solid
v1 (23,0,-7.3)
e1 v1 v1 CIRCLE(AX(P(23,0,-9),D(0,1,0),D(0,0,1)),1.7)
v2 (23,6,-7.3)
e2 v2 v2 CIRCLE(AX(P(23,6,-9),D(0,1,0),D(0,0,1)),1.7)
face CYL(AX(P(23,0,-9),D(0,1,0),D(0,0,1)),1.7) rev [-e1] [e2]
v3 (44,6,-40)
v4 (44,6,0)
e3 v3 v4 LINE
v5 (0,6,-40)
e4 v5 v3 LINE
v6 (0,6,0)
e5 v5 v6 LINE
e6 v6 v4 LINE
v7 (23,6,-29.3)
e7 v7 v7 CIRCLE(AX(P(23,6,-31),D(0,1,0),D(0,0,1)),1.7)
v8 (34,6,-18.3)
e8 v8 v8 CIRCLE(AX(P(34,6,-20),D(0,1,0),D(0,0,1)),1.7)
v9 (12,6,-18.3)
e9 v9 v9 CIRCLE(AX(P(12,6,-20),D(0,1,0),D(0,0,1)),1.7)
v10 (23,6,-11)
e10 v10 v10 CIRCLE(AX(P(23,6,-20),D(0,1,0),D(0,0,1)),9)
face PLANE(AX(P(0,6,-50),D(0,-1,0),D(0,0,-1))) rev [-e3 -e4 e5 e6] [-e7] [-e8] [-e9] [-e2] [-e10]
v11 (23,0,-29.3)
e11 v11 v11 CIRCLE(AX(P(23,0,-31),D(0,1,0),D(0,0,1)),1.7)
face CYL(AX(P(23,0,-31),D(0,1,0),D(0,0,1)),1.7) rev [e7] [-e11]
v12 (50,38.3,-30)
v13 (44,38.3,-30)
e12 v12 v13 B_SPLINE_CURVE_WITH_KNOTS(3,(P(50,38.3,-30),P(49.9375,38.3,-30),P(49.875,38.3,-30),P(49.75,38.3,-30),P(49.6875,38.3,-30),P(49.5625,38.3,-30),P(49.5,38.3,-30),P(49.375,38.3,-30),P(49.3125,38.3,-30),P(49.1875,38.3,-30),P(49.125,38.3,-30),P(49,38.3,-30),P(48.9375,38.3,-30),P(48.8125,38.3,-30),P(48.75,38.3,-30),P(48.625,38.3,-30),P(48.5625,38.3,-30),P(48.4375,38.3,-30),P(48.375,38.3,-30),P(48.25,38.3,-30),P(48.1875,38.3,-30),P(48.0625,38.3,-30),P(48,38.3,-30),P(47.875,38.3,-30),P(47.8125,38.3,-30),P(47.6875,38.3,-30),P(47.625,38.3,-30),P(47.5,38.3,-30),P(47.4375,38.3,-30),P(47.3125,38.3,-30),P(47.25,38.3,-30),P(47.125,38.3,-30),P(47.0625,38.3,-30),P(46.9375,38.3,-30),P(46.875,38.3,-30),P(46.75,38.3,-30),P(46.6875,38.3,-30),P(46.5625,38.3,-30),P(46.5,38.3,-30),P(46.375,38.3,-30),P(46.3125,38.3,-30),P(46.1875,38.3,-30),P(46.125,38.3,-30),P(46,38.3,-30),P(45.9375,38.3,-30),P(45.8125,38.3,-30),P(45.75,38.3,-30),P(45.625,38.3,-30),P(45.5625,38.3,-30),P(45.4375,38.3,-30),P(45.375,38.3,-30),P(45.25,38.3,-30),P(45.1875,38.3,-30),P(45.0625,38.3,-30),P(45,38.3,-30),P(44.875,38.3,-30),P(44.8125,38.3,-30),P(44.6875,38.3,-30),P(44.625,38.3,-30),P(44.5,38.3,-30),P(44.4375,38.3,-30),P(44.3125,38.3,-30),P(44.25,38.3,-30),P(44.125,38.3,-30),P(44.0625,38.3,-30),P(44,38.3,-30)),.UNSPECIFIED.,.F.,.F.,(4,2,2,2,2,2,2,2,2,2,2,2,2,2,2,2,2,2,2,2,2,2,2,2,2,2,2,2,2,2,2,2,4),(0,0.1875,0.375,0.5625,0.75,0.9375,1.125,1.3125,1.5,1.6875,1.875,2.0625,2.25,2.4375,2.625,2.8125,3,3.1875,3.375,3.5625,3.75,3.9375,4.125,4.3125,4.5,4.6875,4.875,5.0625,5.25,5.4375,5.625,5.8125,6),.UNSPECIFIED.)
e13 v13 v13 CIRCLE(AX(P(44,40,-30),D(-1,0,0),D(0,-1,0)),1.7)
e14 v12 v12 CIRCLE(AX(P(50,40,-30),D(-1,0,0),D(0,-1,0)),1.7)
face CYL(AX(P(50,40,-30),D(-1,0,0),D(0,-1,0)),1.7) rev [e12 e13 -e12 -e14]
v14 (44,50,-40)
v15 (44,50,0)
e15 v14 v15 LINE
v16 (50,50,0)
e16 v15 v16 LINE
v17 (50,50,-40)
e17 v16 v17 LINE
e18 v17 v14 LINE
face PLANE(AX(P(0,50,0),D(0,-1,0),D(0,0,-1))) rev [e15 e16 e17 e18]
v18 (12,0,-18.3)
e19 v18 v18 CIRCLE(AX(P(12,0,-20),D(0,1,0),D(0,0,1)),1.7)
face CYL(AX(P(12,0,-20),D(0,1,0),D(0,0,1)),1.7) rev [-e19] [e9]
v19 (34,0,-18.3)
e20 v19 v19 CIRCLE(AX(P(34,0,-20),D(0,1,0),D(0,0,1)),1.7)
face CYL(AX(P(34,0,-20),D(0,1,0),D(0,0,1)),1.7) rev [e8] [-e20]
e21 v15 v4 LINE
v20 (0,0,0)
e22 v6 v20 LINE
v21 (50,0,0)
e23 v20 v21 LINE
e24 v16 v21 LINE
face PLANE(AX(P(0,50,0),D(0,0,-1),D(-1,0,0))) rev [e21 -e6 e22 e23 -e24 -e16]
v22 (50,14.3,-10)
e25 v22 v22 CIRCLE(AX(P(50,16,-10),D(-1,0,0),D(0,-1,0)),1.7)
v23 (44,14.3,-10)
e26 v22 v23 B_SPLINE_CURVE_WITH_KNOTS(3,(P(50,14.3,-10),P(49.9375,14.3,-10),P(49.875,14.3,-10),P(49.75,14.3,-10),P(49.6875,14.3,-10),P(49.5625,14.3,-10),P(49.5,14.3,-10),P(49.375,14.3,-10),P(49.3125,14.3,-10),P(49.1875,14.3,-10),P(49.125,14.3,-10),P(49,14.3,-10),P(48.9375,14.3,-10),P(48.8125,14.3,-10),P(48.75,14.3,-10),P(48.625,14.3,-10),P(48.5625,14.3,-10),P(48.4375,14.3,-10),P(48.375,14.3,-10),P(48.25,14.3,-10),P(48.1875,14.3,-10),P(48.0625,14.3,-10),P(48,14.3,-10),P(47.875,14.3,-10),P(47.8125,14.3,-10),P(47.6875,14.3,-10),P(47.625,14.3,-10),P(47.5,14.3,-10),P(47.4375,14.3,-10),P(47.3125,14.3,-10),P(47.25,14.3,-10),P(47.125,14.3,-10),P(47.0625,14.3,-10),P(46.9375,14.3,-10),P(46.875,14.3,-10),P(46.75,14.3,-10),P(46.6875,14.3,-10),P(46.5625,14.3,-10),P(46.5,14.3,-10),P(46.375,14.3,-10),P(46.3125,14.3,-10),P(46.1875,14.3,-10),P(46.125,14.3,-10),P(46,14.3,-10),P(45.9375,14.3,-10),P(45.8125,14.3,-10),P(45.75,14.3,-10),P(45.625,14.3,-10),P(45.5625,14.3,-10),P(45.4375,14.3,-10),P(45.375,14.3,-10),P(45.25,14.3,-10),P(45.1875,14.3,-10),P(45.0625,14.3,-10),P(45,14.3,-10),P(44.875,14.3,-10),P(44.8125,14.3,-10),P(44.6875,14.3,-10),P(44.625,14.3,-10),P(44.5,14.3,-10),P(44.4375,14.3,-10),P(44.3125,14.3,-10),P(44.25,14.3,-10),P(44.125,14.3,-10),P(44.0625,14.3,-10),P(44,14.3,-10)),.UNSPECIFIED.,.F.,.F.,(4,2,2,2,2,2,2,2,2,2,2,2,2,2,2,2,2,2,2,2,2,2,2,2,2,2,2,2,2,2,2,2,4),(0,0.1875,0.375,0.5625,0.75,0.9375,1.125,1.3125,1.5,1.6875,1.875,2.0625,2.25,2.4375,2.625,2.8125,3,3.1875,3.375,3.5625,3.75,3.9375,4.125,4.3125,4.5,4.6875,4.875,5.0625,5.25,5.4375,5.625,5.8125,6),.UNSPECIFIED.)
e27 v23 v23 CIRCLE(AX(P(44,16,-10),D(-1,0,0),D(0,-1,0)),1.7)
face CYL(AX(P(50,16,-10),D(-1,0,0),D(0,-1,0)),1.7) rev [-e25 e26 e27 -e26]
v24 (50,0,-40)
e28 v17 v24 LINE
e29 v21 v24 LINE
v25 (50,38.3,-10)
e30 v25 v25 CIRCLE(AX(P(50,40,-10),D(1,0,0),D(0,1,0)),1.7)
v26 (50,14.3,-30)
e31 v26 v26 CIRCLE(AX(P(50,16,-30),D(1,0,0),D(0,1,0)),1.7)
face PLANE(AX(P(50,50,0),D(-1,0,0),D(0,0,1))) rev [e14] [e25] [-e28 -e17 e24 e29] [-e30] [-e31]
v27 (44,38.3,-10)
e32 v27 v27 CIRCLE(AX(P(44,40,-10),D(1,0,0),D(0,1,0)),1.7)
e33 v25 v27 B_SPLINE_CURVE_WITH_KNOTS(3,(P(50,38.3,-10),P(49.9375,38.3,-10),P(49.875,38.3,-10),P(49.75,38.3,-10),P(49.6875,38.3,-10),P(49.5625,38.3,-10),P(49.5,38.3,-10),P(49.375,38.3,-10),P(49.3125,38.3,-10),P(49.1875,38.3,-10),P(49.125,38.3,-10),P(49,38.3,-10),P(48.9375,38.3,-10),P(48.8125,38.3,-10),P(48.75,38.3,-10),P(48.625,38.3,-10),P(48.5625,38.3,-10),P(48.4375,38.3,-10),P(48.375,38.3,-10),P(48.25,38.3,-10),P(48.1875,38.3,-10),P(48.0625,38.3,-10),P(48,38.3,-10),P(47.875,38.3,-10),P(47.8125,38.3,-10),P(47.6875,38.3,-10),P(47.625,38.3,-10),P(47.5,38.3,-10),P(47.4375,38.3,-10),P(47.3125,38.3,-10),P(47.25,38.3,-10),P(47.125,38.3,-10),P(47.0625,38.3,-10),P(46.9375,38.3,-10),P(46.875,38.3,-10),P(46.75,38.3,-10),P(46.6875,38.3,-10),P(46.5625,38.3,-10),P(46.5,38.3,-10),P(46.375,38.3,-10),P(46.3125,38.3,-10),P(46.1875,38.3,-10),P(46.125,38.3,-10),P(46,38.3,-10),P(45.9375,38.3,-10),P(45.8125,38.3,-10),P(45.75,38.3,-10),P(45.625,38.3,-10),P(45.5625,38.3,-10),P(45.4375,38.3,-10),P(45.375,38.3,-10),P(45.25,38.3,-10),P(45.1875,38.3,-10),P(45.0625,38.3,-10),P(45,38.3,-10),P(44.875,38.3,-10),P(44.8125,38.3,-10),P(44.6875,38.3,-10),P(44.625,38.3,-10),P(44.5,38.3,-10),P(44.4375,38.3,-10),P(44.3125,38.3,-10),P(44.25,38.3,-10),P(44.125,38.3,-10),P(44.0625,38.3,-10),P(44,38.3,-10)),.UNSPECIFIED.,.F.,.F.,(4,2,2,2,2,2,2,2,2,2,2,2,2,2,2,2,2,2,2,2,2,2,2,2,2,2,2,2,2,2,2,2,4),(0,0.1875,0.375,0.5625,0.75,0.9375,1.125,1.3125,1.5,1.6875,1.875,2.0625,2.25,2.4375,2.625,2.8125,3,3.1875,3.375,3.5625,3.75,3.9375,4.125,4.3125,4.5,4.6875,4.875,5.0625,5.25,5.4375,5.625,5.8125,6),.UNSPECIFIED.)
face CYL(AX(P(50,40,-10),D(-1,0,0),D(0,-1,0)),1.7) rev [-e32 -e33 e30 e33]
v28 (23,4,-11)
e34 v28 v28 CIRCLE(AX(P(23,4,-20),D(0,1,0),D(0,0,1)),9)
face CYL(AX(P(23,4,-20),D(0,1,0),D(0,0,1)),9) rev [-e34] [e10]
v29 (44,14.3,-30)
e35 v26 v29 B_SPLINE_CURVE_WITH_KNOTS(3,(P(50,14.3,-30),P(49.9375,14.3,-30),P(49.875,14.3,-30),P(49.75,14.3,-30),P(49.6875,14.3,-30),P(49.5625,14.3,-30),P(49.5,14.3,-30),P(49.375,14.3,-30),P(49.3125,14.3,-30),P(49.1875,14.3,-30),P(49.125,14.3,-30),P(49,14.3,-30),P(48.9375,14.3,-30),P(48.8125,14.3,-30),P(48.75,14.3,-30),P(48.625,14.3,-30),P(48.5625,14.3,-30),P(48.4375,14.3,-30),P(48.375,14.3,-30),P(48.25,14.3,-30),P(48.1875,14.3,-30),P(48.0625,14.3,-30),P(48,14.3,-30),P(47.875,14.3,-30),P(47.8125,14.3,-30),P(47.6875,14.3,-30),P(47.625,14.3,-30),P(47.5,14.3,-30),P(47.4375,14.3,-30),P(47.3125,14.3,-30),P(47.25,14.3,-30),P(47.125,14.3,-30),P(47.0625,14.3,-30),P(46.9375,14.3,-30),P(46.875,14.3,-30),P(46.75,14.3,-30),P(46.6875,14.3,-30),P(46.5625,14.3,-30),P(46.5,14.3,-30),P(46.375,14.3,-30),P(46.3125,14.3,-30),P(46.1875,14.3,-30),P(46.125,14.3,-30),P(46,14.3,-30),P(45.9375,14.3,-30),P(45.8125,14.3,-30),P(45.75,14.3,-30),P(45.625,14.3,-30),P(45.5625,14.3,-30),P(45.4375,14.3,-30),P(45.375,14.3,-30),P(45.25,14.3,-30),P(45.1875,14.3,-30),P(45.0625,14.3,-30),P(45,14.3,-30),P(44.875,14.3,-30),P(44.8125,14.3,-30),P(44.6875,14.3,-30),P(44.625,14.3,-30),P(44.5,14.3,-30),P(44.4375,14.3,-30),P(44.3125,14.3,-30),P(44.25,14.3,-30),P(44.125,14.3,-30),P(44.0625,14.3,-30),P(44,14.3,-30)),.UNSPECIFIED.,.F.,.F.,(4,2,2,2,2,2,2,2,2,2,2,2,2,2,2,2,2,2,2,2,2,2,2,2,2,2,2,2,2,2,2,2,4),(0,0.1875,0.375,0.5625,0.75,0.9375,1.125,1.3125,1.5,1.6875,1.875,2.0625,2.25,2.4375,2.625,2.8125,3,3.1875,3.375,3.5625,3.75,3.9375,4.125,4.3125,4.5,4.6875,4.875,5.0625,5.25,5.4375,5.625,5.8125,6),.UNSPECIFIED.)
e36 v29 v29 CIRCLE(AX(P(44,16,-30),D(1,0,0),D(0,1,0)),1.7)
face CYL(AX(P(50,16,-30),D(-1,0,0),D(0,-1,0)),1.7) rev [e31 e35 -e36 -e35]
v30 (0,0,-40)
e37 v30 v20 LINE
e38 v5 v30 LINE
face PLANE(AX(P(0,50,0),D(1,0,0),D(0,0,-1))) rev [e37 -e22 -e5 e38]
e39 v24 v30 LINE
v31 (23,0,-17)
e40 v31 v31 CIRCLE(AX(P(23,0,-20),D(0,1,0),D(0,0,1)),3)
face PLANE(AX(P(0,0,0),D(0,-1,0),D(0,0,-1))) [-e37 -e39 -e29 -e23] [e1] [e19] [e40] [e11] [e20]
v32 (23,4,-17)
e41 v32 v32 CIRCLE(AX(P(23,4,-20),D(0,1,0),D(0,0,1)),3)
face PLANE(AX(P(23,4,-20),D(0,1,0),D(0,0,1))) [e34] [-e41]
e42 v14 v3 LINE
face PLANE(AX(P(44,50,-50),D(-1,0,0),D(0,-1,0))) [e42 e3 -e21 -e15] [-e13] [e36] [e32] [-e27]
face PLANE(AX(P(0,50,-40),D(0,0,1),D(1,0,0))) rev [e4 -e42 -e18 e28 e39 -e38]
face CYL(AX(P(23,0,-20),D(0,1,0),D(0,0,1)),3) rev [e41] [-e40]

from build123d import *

# Parameters (mm, degrees)
SKETCH1_W           = 50
SKETCH1_H           = 40
BOSS_EXTRUDE1_DEPTH = 50
SKETCH2_W           = 44
SKETCH2_H           = 44
CUT_EXTRUDE1_DEPTH  = 50
SKETCH3_R           = 1.7
CUT_EXTRUDE3_DEPTH  = 78.691698398
SKETCH5_R           = 9
CUT_EXTRUDE4_DEPTH  = 2
SKETCH6_R           = 3
CUT_EXTRUDE5_DEPTH  = 79.841613378
SKETCH7_R           = 1.7
CUT_EXTRUDE6_DEPTH  = 78.691698398


with BuildPart() as part:
    # Sketch1 → Boss-Extrude1 (new body)
    with BuildSketch(Plane(origin=(0, 0, 0), x_dir=(1, 0, 0), z_dir=(0, 1, 0))):
        with Locations((25, 20)):
            Rectangle(SKETCH1_W, SKETCH1_H)
    extrude(amount=BOSS_EXTRUDE1_DEPTH)

    # Sketch2 → Cut-Extrude1 (cut)
    with BuildSketch(Plane.XY):
        with Locations((22, 28)):
            Rectangle(SKETCH2_W, SKETCH2_H)
    extrude(amount=-CUT_EXTRUDE1_DEPTH, mode=Mode.SUBTRACT)

    # Sketch3 → Cut-Extrude3 (cut, through all)
    with BuildSketch(Plane.ZY.offset(-44)):
        with Locations(Location((-30, 40, 0), (0, 0, 270))):
            Circle(SKETCH3_R)
        with Locations(Location((-10, 40, 0), (0, 0, 270))):
            Circle(SKETCH3_R)
        with Locations(Location((-10, 16, 0), (0, 0, 270))):
            Circle(SKETCH3_R)
        with Locations(Location((-30, 16, 0), (0, 0, 270))):
            Circle(SKETCH3_R)
    extrude(amount=-CUT_EXTRUDE3_DEPTH, mode=Mode.SUBTRACT)

    # Sketch5 → Cut-Extrude4 (cut)
    with BuildSketch(Plane(origin=(0, 6, 0), x_dir=(1, 0, 0), z_dir=(0, 1, 0))):
        with Locations(Location((23, 20, 0), (0, 0, 270))):
            Circle(SKETCH5_R)
    extrude(amount=-CUT_EXTRUDE4_DEPTH, mode=Mode.SUBTRACT)

    # Sketch6 → Cut-Extrude5 (cut, through all)
    with BuildSketch(Plane(origin=(0, 4, 0), x_dir=(1, 0, 0), z_dir=(0, 1, 0))):
        with Locations(Location((23, 20, 0), (0, 0, 270))):
            Circle(SKETCH6_R)
    extrude(amount=-CUT_EXTRUDE5_DEPTH, mode=Mode.SUBTRACT)

    # Sketch7 → Cut-Extrude6 (cut, through all)
    with BuildSketch(Plane(origin=(0, 6, 0), x_dir=(1, 0, 0), z_dir=(0, 1, 0))):
        with Locations(Location((12, 20, 0), (0, 0, 270))):
            Circle(SKETCH7_R)
        with Locations(Location((23, 31, 0), (0, 0, 270))):
            Circle(SKETCH7_R)
        with Locations(Location((34, 20, 0), (0, 0, 270))):
            Circle(SKETCH7_R)
        with Locations(Location((23, 9, 0), (0, 0, 270))):
            Circle(SKETCH7_R)
    extrude(amount=-CUT_EXTRUDE6_DEPTH, mode=Mode.SUBTRACT)


solid = part.part
